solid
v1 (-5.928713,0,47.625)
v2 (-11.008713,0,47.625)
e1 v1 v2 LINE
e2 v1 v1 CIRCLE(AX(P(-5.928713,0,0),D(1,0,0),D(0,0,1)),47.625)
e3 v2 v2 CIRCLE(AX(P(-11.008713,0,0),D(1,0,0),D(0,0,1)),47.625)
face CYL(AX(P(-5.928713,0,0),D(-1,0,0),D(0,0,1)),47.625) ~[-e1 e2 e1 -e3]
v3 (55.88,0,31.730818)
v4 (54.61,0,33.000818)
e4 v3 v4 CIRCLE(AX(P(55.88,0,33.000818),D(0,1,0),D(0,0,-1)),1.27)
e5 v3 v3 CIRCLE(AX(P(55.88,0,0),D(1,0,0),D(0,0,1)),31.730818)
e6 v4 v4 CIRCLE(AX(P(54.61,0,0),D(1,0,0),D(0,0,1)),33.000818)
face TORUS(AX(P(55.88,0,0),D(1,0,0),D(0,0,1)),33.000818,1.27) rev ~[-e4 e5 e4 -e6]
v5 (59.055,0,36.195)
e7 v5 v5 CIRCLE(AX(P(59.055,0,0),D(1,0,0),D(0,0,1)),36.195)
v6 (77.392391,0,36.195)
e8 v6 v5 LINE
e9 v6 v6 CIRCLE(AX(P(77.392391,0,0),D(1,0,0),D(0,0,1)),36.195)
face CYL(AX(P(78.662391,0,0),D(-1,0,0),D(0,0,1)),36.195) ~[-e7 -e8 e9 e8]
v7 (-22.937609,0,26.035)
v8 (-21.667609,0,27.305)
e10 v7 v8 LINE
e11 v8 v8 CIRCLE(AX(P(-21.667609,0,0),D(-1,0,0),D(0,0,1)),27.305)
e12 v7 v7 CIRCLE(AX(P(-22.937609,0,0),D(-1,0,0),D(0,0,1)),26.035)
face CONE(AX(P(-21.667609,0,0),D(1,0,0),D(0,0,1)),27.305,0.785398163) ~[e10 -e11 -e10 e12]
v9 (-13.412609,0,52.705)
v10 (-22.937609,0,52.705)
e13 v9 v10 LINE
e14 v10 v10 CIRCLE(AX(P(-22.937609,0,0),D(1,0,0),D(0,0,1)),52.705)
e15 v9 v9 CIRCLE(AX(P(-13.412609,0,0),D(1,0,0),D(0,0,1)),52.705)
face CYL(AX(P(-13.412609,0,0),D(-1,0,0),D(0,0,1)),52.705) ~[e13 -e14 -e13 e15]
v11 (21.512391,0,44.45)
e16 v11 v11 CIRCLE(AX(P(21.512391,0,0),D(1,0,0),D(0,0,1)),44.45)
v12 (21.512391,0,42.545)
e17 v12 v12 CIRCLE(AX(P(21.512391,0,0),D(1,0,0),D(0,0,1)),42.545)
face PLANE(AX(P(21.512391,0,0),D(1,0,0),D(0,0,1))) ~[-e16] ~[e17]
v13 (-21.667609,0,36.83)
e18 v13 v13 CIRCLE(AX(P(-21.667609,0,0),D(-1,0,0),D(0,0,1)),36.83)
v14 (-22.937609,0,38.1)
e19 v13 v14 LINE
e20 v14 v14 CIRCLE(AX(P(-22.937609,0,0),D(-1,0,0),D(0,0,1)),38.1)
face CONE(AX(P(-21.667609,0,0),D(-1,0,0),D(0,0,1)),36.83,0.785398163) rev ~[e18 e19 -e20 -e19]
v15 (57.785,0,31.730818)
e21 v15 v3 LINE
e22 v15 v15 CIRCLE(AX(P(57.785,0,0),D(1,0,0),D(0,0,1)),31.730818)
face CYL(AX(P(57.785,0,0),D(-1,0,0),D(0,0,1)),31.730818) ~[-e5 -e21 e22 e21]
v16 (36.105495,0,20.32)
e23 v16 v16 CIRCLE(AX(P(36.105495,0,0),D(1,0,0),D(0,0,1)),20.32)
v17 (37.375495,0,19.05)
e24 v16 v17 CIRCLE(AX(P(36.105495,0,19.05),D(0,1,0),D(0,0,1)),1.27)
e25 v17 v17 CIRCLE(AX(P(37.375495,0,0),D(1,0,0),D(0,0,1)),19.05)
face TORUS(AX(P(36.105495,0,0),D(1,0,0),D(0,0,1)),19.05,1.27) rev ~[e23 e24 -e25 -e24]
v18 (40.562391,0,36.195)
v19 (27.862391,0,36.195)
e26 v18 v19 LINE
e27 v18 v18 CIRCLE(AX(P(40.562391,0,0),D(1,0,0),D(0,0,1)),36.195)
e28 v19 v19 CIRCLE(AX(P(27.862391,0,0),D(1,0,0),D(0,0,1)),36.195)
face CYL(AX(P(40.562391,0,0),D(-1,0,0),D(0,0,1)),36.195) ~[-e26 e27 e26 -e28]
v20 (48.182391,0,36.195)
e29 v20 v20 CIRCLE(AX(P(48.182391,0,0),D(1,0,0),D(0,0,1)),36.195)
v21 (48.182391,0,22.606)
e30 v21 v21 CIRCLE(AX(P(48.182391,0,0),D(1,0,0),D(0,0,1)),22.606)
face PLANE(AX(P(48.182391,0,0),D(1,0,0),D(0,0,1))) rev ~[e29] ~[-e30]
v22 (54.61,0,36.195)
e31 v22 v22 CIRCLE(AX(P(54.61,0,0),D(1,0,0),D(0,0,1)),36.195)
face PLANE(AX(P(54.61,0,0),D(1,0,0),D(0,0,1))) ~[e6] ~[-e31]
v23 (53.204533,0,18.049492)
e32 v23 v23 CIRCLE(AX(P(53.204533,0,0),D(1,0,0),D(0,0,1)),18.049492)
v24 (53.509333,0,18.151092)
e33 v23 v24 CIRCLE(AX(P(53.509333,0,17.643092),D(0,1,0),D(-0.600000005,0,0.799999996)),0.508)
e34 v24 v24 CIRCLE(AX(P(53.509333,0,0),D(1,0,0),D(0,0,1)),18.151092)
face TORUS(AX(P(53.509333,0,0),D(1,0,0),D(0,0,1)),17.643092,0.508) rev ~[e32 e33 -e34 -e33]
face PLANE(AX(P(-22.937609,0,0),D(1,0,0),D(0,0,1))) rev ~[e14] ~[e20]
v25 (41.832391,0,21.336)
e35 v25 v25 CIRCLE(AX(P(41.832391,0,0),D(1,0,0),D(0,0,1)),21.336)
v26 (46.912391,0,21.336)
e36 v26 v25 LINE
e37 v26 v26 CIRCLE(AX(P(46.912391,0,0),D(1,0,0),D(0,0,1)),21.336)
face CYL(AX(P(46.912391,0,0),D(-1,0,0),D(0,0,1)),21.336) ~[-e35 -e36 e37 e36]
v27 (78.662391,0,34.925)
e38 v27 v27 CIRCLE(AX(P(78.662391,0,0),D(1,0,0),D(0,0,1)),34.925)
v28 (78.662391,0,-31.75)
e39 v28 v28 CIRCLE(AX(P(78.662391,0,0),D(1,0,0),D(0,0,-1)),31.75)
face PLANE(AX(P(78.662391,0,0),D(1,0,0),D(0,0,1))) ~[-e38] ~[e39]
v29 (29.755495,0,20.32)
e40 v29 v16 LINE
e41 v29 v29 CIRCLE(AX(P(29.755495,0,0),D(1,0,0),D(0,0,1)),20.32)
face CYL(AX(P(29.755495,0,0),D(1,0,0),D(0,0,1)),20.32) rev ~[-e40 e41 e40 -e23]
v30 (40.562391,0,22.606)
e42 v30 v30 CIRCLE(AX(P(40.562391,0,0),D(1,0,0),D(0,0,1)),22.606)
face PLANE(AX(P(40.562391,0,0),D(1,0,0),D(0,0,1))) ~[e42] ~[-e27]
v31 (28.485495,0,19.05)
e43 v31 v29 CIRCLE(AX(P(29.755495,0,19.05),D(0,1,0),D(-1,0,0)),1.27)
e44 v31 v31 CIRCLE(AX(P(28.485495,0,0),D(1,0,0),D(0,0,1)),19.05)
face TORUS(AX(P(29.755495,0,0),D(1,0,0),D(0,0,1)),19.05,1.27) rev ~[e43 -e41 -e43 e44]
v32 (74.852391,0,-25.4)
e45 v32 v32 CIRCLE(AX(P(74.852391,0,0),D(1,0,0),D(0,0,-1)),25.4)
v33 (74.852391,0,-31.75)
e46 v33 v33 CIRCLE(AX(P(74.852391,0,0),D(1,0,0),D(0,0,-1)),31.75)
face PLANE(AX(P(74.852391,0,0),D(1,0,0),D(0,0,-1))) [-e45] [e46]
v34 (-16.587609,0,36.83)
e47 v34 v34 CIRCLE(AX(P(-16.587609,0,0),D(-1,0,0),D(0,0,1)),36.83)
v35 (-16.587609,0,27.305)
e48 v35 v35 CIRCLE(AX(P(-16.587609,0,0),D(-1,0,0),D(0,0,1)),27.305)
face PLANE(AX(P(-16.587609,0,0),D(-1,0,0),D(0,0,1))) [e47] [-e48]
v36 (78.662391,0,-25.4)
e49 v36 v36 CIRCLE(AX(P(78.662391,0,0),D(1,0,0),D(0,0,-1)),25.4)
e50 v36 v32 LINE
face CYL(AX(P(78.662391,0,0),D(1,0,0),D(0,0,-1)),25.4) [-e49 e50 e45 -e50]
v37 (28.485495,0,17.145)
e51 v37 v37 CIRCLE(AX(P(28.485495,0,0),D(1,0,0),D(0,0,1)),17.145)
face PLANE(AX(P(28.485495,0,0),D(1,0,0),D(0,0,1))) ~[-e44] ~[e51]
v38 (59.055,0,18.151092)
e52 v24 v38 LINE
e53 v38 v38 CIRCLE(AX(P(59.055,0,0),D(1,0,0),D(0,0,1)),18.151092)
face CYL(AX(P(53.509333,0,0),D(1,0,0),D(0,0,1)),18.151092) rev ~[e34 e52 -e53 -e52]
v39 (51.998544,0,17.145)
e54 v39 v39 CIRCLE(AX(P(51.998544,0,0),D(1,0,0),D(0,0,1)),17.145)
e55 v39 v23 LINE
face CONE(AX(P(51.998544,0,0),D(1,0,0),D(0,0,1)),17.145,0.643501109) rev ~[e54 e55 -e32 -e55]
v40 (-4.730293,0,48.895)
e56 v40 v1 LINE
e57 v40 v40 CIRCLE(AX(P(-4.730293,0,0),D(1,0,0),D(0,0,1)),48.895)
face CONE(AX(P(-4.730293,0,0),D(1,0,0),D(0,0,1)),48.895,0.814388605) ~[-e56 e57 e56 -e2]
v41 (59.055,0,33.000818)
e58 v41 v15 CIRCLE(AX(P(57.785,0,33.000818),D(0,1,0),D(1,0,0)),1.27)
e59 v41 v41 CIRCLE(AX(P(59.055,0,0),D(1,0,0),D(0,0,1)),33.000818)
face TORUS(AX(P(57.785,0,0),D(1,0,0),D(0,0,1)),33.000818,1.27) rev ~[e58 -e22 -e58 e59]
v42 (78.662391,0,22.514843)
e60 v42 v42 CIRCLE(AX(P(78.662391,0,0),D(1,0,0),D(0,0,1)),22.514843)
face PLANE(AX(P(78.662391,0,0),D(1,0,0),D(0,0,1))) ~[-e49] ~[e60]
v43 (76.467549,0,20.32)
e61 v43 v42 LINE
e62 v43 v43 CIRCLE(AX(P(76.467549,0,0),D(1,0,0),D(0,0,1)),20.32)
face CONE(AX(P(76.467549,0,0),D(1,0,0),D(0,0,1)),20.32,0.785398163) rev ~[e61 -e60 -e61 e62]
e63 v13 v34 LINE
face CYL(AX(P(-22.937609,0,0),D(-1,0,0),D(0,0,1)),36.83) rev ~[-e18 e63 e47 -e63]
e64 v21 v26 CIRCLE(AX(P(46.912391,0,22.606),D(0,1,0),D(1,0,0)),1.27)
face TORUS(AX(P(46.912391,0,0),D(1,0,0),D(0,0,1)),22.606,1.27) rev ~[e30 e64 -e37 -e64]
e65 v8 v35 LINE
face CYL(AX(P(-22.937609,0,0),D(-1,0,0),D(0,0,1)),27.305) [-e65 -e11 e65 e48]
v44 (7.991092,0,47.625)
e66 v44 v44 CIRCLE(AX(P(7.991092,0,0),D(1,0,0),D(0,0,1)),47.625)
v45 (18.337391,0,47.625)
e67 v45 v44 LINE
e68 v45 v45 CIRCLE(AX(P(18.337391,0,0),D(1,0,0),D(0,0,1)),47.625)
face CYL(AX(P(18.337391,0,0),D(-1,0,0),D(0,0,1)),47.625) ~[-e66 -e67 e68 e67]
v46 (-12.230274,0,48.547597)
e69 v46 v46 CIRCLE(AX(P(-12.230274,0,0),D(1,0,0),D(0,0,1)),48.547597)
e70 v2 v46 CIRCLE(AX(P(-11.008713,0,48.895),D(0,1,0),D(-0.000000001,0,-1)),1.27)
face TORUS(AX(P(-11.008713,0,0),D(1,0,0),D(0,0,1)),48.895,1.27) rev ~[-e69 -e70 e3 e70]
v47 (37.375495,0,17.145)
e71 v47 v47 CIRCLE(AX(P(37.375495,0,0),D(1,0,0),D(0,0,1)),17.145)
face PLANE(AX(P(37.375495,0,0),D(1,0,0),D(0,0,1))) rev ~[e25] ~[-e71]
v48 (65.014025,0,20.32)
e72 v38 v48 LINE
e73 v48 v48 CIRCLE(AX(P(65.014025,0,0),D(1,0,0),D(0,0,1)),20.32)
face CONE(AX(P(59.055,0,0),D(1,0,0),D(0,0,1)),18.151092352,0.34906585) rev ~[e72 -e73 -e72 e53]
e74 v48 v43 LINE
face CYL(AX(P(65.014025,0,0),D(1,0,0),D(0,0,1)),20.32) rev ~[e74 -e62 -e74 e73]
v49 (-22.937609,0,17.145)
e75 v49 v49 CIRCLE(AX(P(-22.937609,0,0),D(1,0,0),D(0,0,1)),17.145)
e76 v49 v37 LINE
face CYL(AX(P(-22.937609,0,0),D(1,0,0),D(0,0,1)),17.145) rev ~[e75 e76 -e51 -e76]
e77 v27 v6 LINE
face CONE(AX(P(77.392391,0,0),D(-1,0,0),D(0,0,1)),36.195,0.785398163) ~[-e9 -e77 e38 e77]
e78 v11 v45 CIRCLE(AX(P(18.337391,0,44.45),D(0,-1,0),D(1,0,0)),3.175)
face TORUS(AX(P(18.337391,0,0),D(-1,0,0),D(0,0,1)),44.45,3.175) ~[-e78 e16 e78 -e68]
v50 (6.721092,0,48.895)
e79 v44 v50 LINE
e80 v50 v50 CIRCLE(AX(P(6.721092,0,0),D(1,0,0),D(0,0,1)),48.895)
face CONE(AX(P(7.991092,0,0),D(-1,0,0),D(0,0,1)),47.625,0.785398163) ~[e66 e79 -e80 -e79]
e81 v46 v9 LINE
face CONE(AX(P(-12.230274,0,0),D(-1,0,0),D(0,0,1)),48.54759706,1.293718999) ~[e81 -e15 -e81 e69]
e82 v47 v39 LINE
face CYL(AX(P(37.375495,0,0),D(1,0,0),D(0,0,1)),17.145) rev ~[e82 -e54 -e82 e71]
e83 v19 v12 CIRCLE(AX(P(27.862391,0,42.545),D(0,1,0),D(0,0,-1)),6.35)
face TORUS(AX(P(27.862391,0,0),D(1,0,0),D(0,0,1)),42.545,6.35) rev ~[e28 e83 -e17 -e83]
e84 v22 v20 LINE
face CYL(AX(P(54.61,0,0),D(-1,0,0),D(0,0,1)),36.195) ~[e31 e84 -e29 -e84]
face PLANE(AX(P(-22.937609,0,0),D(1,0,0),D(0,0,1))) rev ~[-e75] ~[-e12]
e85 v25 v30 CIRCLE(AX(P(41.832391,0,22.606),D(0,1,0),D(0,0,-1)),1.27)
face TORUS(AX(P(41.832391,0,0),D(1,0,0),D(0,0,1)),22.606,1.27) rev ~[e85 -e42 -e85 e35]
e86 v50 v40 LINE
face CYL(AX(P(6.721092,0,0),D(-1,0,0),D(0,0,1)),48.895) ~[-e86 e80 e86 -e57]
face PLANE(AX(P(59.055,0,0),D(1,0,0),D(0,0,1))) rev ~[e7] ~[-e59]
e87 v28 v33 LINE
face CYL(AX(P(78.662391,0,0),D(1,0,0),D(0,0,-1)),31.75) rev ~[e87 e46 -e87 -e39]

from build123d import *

# Parameters (mm, degrees)
CHAMFER1_SIZE      = 1.27
SKETCH2_R          = 31.75
SKETCH2_R_2        = 25.4
CUT_EXTRUDE1_DEPTH = 3.81
SKETCH4_R          = 36.83
SKETCH4_R_2        = 27.305
CUT_EXTRUDE2_DEPTH = 6.35
CHAMFER2_SIZE      = 1.27


with BuildPart() as part:
    # Sketch1 → Base-Revolve (revolve)
    with BuildSketch(Plane.XY, mode=Mode.PRIVATE) as base_revolve_sk:
        with BuildLine():
            Line((78.662391488, 22.514842933), (78.662391488, 36.195))
            Line((78.662391488, 36.195), (73.129905821, 36.195))
            Line((73.129905821, 36.195), (59.055, 36.195))
            Line((59.055, 36.195), (59.055, 33.000817911))
            ThreePointArc((59.055, 33.000817911), (58.683025612, 32.102792299), (57.785, 31.730817911))
            Line((57.785, 31.730817911), (55.88, 31.730817911))
            ThreePointArc((55.88, 31.730817911), (54.981974388, 32.102792299), (54.61, 33.000817911))
            Line((54.61, 33.000817911), (54.61, 36.195))
            Line((54.61, 36.195), (48.182391488, 36.195))
            Line((48.182391488, 36.195), (48.182391488, 22.606))
            ThreePointArc((48.182391488, 22.606), (47.8104171, 21.707974388), (46.912391488, 21.336))
            Line((46.912391488, 21.336), (41.832391488, 21.336))
            ThreePointArc((41.832391488, 21.336), (40.934365876, 21.707974388), (40.562391488, 22.606))
            Line((40.562391488, 22.606), (40.562391488, 36.195))
            Line((40.562391488, 36.195), (27.862391488, 36.195))
            ThreePointArc((27.862391488, 36.195), (23.372263427, 38.054871939), (21.512391488, 42.545))
            Line((21.512391488, 42.545), (21.512391488, 44.45))
            ThreePointArc((21.512391488, 44.45), (20.582455518, 46.69506403), (18.337391488, 47.625))
            Line((18.337391488, 47.625), (7.991092352, 47.625))
            Line((7.991092352, 47.625), (6.721092352, 48.895))
            Line((6.721092352, 48.895), (-4.730293399, 48.895))
            Line((-4.730293399, 48.895), (-5.928712777, 47.625))
            Line((-5.928712777, 47.625), (-11.008712777, 47.625))
            ThreePointArc((-11.008712777, 47.625), (-11.774120598, 47.881564819), (-12.230273744, 48.54759706))
            Line((-12.230273744, 48.54759706), (-13.412608512, 52.705))
            Line((-13.412608512, 52.705), (-22.937608512, 52.705))
            Line((-22.937608512, 52.705), (-22.937608512, 17.145))
            Line((-22.937608512, 17.145), (28.485495276, 17.145))
            Line((28.485495276, 17.145), (28.485495276, 19.05))
            ThreePointArc((28.485495276, 19.05), (28.857469664, 19.948025612), (29.755495276, 20.32))
            Line((29.755495276, 20.32), (36.105495276, 20.32))
            ThreePointArc((36.105495276, 20.32), (37.003520888, 19.948025612), (37.375495276, 19.05))
            Line((37.375495276, 19.05), (37.375495276, 17.145))
            Line((37.375495276, 17.145), (51.99854353, 17.145))
            Line((51.99854353, 17.145), (53.204533333, 18.049492352))
            ThreePointArc((53.204533333, 18.049492352), (53.348689628, 18.125023468), (53.509333333, 18.151092352))
            Line((53.509333333, 18.151092352), (59.055, 18.151092352))
            Line((59.055, 18.151092352), (65.014024787, 20.32))
            Line((65.014024787, 20.32), (76.467548555, 20.32))
            Line((76.467548555, 20.32), (78.662391488, 22.514842933))
        make_face()
    revolve(base_revolve_sk.sketch.rotate(Axis((74.93, 0, 0), (1, 0, 0)), 90), axis=Axis((74.93, 0, 0), (1, 0, 0)))

    # Chamfer1
    chamfer1_edges = [part.edges().sort_by_distance(p)[0] for p in [
        (78.662391488, 0, -36.195),
    ]]
    chamfer(chamfer1_edges, length=CHAMFER1_SIZE)

    # Sketch2 → Cut-Extrude1 (cut)
    with BuildSketch(Plane(origin=(78.662391488, 0, 0), x_dir=(0, 0, -1), z_dir=(1, 0, 0))):
        Circle(SKETCH2_R)
        Circle(SKETCH2_R_2, mode=Mode.SUBTRACT)
    extrude(amount=-CUT_EXTRUDE1_DEPTH, mode=Mode.SUBTRACT)

    # Sketch4 → Cut-Extrude2 (cut)
    with BuildSketch(Plane.ZY.offset(22.937608512)):
        Circle(SKETCH4_R)
        Circle(SKETCH4_R_2, mode=Mode.SUBTRACT)
    extrude(amount=-CUT_EXTRUDE2_DEPTH, mode=Mode.SUBTRACT)

    # Chamfer2
    chamfer2_edges = [part.edges().sort_by_distance(p)[0] for p in [
        (-22.937608512, 0, -27.305),
        (-22.937608512, 0, -36.83),
    ]]
    chamfer(chamfer2_edges, length=CHAMFER2_SIZE)


solid = part.part
